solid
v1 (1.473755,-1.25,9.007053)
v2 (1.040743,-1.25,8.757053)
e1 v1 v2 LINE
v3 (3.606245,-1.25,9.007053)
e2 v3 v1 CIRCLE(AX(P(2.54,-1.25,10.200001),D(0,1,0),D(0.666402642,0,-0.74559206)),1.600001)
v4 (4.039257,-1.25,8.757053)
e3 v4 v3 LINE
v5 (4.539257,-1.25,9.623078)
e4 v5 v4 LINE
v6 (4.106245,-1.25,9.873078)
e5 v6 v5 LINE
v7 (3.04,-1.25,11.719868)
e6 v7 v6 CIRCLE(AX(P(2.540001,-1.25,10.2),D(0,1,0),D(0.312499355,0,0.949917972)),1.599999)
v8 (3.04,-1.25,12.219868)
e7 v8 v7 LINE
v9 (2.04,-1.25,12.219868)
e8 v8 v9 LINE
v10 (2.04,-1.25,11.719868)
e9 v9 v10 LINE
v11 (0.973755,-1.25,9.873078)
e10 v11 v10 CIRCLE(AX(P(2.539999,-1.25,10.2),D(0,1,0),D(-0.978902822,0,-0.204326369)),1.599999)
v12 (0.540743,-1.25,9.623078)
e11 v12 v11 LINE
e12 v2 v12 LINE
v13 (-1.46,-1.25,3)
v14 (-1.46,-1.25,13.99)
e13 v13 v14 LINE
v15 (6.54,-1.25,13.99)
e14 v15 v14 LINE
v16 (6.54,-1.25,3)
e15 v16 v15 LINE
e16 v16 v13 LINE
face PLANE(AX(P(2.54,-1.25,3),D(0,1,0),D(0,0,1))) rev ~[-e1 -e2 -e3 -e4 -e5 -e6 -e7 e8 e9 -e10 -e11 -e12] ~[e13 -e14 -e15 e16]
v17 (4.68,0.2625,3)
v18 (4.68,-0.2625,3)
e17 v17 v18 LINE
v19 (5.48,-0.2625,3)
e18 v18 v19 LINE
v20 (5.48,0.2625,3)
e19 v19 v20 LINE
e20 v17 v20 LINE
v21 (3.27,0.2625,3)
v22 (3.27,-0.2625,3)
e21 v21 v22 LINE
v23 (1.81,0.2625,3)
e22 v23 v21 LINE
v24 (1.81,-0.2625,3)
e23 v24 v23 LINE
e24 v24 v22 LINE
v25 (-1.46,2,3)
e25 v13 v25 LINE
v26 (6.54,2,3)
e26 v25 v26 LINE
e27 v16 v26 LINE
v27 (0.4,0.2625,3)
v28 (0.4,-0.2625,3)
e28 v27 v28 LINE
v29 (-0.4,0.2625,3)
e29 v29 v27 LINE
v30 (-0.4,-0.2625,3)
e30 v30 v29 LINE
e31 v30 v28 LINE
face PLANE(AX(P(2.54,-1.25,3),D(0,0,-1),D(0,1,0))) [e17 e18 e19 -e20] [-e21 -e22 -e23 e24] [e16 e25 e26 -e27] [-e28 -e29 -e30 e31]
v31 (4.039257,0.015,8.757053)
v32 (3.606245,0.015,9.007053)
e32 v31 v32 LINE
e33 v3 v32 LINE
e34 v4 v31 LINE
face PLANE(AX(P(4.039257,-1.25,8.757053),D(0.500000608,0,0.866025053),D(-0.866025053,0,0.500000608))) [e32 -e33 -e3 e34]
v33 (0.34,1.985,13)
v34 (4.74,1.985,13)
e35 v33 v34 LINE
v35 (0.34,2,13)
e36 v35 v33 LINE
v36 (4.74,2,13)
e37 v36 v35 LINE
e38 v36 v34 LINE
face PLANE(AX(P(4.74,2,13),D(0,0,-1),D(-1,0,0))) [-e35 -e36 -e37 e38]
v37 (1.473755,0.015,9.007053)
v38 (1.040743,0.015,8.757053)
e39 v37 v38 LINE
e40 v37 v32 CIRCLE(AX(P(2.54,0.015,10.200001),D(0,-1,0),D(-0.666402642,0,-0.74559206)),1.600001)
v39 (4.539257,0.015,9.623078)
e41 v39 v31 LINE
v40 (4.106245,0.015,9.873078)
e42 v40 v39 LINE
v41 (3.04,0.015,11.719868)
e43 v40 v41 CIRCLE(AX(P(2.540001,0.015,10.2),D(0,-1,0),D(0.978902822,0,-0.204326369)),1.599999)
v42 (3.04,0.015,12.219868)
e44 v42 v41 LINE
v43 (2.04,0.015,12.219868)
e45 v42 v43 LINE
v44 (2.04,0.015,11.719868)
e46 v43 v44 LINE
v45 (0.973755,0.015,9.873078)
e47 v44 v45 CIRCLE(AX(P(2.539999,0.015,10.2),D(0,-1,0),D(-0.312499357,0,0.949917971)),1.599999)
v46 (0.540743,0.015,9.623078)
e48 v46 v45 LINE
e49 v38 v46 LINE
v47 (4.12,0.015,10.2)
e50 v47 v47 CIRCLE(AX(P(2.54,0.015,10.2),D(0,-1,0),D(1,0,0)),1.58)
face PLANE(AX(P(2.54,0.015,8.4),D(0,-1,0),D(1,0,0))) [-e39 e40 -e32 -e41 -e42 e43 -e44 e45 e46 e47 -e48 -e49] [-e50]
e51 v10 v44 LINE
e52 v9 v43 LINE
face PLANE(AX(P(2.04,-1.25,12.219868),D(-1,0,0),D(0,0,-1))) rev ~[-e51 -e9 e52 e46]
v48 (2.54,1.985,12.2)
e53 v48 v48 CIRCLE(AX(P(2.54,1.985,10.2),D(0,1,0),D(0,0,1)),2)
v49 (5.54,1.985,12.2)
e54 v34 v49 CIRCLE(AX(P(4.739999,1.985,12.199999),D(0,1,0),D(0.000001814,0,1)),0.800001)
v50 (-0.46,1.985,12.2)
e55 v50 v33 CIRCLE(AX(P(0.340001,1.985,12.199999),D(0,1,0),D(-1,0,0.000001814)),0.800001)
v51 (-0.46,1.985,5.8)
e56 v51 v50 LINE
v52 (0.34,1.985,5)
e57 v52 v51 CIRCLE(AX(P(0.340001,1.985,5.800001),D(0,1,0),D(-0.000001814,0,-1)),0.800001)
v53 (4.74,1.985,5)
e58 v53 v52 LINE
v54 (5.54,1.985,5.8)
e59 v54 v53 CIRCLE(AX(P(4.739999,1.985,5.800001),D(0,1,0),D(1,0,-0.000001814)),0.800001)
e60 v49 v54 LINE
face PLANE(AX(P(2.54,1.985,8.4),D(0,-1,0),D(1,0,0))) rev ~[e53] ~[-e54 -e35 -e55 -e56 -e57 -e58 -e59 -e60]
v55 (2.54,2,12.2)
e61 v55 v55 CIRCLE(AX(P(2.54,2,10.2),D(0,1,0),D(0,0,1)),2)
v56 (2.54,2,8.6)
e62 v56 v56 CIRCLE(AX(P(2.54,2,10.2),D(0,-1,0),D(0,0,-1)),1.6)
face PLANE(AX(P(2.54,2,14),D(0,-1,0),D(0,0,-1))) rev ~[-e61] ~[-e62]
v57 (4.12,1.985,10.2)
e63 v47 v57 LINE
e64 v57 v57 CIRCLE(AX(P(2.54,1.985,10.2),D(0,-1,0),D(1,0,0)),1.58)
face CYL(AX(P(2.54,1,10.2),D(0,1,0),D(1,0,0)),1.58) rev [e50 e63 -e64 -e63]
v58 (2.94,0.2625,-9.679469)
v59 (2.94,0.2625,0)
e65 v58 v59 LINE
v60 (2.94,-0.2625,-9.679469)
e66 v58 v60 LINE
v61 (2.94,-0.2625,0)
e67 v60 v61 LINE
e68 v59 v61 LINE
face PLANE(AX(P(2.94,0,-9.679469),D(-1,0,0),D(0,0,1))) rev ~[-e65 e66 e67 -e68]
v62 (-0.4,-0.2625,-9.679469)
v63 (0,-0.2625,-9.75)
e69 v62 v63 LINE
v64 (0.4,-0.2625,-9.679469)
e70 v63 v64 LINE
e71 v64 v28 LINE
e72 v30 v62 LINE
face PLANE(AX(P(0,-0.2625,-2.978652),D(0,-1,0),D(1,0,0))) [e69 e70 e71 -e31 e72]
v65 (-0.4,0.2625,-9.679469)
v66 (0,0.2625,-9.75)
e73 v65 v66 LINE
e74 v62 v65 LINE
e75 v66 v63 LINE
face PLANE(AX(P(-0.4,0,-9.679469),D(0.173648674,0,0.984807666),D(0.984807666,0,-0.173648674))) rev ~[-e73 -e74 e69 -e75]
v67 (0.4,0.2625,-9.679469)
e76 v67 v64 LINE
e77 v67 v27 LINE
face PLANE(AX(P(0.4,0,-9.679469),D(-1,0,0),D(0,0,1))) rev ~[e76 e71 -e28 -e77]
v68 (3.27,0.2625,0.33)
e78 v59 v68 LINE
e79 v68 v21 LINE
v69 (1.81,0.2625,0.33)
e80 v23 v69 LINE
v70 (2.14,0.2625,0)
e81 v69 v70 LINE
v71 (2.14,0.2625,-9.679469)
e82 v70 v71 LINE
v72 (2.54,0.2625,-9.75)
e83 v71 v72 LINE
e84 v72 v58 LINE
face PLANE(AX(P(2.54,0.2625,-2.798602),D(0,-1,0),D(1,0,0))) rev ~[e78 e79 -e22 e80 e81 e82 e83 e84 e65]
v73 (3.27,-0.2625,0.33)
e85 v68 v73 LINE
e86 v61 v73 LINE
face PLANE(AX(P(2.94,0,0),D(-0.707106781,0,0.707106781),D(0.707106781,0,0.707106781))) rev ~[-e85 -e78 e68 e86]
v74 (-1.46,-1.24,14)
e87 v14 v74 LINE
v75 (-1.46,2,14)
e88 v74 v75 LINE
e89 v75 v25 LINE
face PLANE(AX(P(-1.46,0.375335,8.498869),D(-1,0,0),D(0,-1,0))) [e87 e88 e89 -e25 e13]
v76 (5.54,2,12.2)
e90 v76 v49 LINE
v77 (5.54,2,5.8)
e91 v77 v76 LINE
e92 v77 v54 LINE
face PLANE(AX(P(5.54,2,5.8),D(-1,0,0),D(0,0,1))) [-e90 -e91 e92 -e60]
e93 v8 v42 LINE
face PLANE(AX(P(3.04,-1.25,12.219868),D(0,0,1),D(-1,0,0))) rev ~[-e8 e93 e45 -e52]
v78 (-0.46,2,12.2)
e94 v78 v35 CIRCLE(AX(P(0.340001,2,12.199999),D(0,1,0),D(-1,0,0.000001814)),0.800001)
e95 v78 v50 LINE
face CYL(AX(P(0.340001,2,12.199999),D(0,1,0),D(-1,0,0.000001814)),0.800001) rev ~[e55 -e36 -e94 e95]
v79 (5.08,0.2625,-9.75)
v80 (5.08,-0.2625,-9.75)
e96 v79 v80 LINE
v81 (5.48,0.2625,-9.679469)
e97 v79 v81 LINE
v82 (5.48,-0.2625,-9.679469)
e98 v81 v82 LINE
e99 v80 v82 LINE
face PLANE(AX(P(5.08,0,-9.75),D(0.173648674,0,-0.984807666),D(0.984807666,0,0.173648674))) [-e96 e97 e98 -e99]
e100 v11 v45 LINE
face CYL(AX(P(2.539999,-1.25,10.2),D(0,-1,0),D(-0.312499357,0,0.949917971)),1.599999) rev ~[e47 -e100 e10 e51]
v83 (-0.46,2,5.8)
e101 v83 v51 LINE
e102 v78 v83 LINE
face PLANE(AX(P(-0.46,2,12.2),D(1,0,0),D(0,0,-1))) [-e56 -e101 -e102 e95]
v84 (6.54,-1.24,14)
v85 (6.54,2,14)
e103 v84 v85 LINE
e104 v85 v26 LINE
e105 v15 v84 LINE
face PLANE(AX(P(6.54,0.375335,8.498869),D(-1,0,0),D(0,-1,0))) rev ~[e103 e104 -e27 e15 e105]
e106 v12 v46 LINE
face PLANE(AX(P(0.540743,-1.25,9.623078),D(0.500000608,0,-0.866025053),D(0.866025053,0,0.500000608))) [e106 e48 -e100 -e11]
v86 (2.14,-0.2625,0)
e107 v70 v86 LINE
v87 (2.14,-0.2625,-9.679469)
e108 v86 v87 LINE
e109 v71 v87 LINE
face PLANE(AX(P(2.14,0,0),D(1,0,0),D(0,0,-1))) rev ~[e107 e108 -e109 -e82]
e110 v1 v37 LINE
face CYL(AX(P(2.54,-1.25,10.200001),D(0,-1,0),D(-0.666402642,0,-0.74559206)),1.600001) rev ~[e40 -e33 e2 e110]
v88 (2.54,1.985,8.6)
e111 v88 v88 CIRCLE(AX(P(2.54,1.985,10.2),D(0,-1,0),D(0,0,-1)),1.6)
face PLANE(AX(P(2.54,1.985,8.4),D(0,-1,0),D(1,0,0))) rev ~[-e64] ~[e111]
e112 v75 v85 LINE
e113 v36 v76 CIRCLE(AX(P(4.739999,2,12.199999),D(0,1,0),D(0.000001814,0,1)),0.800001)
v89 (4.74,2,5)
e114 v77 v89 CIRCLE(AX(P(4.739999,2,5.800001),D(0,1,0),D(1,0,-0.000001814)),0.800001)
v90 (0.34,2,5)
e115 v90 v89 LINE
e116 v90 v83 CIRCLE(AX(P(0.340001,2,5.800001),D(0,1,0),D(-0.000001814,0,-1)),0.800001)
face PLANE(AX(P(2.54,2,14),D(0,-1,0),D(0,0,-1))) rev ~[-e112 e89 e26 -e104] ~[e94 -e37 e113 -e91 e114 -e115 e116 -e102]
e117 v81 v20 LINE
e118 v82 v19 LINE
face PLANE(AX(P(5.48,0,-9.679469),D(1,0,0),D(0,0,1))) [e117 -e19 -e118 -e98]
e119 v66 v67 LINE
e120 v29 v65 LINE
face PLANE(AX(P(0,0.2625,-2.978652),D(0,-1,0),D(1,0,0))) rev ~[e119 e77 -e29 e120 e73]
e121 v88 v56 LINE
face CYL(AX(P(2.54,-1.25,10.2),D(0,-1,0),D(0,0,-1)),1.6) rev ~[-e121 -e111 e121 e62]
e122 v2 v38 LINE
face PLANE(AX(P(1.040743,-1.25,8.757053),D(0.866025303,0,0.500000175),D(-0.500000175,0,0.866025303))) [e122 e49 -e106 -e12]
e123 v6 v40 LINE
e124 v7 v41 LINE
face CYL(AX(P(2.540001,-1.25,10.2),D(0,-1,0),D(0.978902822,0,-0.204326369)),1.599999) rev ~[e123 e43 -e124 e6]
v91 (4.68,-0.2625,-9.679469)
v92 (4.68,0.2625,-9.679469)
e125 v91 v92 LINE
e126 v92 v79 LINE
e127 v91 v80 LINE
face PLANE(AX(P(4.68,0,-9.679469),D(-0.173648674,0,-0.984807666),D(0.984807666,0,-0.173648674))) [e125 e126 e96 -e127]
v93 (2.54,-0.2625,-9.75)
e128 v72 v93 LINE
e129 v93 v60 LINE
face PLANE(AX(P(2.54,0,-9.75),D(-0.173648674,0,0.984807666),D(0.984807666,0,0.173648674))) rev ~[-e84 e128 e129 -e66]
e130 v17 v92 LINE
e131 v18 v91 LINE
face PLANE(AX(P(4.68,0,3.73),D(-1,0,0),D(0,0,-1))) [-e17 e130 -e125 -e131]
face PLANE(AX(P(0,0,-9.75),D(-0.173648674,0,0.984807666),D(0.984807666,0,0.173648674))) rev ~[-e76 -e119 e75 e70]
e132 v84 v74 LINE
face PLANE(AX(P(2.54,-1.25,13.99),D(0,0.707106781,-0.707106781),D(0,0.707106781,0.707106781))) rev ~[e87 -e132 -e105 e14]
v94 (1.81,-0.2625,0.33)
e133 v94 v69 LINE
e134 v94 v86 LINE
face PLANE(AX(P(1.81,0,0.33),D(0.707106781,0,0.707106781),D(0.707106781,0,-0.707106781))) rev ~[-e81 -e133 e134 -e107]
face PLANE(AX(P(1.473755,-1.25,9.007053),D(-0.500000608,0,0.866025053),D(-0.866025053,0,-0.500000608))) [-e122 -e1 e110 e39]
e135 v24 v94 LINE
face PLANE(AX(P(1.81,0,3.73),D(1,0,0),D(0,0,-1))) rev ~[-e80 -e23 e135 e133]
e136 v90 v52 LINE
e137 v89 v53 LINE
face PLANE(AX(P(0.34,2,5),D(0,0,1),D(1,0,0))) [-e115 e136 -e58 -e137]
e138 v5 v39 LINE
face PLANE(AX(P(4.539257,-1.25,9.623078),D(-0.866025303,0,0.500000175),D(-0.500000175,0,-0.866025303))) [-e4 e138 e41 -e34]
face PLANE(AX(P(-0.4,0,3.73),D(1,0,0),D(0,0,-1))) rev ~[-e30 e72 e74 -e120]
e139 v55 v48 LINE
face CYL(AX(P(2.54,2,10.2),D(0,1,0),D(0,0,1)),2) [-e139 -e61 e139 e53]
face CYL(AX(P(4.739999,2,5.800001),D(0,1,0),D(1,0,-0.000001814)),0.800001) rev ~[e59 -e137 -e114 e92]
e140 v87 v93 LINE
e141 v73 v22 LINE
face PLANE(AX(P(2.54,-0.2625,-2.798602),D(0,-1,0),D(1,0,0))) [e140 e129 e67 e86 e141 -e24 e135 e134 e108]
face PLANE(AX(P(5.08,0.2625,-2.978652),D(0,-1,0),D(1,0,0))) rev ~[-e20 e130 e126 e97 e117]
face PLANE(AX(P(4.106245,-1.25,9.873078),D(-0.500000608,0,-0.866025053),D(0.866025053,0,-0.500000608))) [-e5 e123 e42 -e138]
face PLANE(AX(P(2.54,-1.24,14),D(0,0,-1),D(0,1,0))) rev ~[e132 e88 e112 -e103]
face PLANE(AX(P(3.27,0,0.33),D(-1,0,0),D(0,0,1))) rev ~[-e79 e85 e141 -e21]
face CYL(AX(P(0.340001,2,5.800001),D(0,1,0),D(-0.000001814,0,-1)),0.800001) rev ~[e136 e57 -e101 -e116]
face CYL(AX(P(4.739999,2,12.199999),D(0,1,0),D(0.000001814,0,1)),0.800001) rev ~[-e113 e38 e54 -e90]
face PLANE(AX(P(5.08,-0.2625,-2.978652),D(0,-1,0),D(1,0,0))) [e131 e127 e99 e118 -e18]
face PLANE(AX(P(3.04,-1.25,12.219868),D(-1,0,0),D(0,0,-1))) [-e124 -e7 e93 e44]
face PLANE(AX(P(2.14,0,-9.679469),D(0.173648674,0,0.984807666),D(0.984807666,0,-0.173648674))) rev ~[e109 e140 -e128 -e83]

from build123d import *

# Parameters (mm, degrees)
SKETCH005_W     = 7.4
SKETCH005_H     = 10.4
SKETCH005_R     = 1.58
PAD003_DEPTH    = 0.985
PAD001_DEPTH    = 4
POCKET_DEPTH    = 1.35
SKETCH004_R     = 1.6
POCKET001_DEPTH = 3.251
SKETCH006_R     = 2
POCKET002_DEPTH = 0.02
PAD_DEPTH       = 0.2625


with BuildPart() as pad003:
    # Sketch005 → Pad003 (new body, symmetric)
    with BuildSketch(Plane.XZ.offset(-1)):
        with Locations((2.54, 8.4)):
            Rectangle(SKETCH005_W, SKETCH005_H)
        with Locations((2.54, 10.2)):
            Circle(SKETCH005_R, mode=Mode.SUBTRACT)
    extrude(amount=PAD003_DEPTH, both=True)


with BuildPart() as pocket002:
    # Sketch001 → Pad001 (new body, symmetric)
    with BuildSketch(Plane.YZ.offset(2.54)):
        Polygon((0, 3), (-1.25, 3), (-1.25, 13.99), (-1.24, 14), (2, 14), (2, 3), align=None)
    extrude(amount=PAD001_DEPTH, both=True)

    # Sketch003 → Pocket (cut)
    with BuildSketch(Plane(origin=(2.54, -1.25, 0), x_dir=(0, 0, -1), z_dir=(0, -1, 0))):
        with BuildLine():
            Line((-12.219868, 0.5), (-12.219868, -0.5))
            Line((-12.219868, -0.5), (-11.719868, -0.5))
            ThreePointArc((-11.719868, -0.5), (-11, -1.385641), (-9.873078, -1.566245))
            Line((-9.623078, -1.999257), (-9.873078, -1.566245))
            Line((-8.757053, -1.499257), (-9.623078, -1.999257))
            Line((-9.007053, -1.066245), (-8.757053, -1.499257))
            ThreePointArc((-9.007053, -1.066245), (-8.6, 0), (-9.007053, 1.066245))
            Line((-8.757053, 1.499257), (-9.007053, 1.066245))
            Line((-9.623078, 1.999257), (-8.757053, 1.499257))
            Line((-9.873078, 1.566245), (-9.623078, 1.999257))
            ThreePointArc((-9.873078, 1.566245), (-11, 1.385641), (-11.719868, 0.5))
            Line((-12.219868, 0.5), (-11.719868, 0.5))
        make_face()
    extrude(amount=-POCKET_DEPTH, mode=Mode.SUBTRACT)

    # Sketch004 → Pocket001 (cut, through all)
    with BuildSketch(Plane(origin=(2.54, -1.25, 0), x_dir=(0, 0, -1), z_dir=(0, -1, 0))):
        with Locations((-10.2, 0)):
            Circle(SKETCH004_R)
    extrude(amount=-POCKET001_DEPTH, mode=Mode.SUBTRACT)

    # Sketch006 → Pocket002 (cut)
    with BuildSketch(Plane(origin=(2.54, 2, 0), x_dir=(0, 0, 1), z_dir=(0, 1, 0))):
        with BuildLine():
            Line((5.8, 3), (12.2, 3))
            ThreePointArc((13, 2.2), (12.765685, 2.765685), (12.2, 3))
            Line((13, 2.2), (13, -2.2))
            ThreePointArc((12.2, -3), (12.765685, -2.765685), (13, -2.2))
            Line((12.2, -3), (5.8, -3))
            ThreePointArc((5, -2.2), (5.234315, -2.765685), (5.8, -3))
            Line((5, -2.2), (5, 2.2))
            ThreePointArc((5.8, 3), (5.234315, 2.765685), (5, 2.2))
        make_face()
        with Locations((10.2, 0)):
            Circle(SKETCH006_R, mode=Mode.SUBTRACT)
    extrude(amount=-POCKET002_DEPTH, mode=Mode.SUBTRACT)


with BuildPart() as to_126_3_vertical:
    # Sketch → Pad (new body, symmetric)
    with BuildSketch(Plane.XZ):
        Polygon((-0.4, 0.3025), (-0.4, 0), (-0.4, -9.679469), (0, -9.75), (0.4, -9.679469), (0.4, 0), (0.4, 0.3025), (0.4, 3.73), (-0.4, 3.73), align=None)
        Polygon((1.81, 0.33), (2.14, 0), (2.14, -9.679469), (2.54, -9.75), (2.94, -9.679469), (2.94, 0), (3.27, 0.33), (3.27, 3.73), (1.81, 3.73), align=None)
        Polygon((4.68, 0.3025), (4.68, 0), (4.68, -9.679469), (5.08, -9.75), (5.48, -9.679469), (5.48, 0), (5.48, 0.3025), (5.48, 3.73), (4.68, 3.73), align=None)
    extrude(amount=PAD_DEPTH, both=True)

    # Pad_mp_cp: union Pad003, Pocket002
    add(pad003.part)
    add(pocket002.part)


solid = to_126_3_vertical.part
